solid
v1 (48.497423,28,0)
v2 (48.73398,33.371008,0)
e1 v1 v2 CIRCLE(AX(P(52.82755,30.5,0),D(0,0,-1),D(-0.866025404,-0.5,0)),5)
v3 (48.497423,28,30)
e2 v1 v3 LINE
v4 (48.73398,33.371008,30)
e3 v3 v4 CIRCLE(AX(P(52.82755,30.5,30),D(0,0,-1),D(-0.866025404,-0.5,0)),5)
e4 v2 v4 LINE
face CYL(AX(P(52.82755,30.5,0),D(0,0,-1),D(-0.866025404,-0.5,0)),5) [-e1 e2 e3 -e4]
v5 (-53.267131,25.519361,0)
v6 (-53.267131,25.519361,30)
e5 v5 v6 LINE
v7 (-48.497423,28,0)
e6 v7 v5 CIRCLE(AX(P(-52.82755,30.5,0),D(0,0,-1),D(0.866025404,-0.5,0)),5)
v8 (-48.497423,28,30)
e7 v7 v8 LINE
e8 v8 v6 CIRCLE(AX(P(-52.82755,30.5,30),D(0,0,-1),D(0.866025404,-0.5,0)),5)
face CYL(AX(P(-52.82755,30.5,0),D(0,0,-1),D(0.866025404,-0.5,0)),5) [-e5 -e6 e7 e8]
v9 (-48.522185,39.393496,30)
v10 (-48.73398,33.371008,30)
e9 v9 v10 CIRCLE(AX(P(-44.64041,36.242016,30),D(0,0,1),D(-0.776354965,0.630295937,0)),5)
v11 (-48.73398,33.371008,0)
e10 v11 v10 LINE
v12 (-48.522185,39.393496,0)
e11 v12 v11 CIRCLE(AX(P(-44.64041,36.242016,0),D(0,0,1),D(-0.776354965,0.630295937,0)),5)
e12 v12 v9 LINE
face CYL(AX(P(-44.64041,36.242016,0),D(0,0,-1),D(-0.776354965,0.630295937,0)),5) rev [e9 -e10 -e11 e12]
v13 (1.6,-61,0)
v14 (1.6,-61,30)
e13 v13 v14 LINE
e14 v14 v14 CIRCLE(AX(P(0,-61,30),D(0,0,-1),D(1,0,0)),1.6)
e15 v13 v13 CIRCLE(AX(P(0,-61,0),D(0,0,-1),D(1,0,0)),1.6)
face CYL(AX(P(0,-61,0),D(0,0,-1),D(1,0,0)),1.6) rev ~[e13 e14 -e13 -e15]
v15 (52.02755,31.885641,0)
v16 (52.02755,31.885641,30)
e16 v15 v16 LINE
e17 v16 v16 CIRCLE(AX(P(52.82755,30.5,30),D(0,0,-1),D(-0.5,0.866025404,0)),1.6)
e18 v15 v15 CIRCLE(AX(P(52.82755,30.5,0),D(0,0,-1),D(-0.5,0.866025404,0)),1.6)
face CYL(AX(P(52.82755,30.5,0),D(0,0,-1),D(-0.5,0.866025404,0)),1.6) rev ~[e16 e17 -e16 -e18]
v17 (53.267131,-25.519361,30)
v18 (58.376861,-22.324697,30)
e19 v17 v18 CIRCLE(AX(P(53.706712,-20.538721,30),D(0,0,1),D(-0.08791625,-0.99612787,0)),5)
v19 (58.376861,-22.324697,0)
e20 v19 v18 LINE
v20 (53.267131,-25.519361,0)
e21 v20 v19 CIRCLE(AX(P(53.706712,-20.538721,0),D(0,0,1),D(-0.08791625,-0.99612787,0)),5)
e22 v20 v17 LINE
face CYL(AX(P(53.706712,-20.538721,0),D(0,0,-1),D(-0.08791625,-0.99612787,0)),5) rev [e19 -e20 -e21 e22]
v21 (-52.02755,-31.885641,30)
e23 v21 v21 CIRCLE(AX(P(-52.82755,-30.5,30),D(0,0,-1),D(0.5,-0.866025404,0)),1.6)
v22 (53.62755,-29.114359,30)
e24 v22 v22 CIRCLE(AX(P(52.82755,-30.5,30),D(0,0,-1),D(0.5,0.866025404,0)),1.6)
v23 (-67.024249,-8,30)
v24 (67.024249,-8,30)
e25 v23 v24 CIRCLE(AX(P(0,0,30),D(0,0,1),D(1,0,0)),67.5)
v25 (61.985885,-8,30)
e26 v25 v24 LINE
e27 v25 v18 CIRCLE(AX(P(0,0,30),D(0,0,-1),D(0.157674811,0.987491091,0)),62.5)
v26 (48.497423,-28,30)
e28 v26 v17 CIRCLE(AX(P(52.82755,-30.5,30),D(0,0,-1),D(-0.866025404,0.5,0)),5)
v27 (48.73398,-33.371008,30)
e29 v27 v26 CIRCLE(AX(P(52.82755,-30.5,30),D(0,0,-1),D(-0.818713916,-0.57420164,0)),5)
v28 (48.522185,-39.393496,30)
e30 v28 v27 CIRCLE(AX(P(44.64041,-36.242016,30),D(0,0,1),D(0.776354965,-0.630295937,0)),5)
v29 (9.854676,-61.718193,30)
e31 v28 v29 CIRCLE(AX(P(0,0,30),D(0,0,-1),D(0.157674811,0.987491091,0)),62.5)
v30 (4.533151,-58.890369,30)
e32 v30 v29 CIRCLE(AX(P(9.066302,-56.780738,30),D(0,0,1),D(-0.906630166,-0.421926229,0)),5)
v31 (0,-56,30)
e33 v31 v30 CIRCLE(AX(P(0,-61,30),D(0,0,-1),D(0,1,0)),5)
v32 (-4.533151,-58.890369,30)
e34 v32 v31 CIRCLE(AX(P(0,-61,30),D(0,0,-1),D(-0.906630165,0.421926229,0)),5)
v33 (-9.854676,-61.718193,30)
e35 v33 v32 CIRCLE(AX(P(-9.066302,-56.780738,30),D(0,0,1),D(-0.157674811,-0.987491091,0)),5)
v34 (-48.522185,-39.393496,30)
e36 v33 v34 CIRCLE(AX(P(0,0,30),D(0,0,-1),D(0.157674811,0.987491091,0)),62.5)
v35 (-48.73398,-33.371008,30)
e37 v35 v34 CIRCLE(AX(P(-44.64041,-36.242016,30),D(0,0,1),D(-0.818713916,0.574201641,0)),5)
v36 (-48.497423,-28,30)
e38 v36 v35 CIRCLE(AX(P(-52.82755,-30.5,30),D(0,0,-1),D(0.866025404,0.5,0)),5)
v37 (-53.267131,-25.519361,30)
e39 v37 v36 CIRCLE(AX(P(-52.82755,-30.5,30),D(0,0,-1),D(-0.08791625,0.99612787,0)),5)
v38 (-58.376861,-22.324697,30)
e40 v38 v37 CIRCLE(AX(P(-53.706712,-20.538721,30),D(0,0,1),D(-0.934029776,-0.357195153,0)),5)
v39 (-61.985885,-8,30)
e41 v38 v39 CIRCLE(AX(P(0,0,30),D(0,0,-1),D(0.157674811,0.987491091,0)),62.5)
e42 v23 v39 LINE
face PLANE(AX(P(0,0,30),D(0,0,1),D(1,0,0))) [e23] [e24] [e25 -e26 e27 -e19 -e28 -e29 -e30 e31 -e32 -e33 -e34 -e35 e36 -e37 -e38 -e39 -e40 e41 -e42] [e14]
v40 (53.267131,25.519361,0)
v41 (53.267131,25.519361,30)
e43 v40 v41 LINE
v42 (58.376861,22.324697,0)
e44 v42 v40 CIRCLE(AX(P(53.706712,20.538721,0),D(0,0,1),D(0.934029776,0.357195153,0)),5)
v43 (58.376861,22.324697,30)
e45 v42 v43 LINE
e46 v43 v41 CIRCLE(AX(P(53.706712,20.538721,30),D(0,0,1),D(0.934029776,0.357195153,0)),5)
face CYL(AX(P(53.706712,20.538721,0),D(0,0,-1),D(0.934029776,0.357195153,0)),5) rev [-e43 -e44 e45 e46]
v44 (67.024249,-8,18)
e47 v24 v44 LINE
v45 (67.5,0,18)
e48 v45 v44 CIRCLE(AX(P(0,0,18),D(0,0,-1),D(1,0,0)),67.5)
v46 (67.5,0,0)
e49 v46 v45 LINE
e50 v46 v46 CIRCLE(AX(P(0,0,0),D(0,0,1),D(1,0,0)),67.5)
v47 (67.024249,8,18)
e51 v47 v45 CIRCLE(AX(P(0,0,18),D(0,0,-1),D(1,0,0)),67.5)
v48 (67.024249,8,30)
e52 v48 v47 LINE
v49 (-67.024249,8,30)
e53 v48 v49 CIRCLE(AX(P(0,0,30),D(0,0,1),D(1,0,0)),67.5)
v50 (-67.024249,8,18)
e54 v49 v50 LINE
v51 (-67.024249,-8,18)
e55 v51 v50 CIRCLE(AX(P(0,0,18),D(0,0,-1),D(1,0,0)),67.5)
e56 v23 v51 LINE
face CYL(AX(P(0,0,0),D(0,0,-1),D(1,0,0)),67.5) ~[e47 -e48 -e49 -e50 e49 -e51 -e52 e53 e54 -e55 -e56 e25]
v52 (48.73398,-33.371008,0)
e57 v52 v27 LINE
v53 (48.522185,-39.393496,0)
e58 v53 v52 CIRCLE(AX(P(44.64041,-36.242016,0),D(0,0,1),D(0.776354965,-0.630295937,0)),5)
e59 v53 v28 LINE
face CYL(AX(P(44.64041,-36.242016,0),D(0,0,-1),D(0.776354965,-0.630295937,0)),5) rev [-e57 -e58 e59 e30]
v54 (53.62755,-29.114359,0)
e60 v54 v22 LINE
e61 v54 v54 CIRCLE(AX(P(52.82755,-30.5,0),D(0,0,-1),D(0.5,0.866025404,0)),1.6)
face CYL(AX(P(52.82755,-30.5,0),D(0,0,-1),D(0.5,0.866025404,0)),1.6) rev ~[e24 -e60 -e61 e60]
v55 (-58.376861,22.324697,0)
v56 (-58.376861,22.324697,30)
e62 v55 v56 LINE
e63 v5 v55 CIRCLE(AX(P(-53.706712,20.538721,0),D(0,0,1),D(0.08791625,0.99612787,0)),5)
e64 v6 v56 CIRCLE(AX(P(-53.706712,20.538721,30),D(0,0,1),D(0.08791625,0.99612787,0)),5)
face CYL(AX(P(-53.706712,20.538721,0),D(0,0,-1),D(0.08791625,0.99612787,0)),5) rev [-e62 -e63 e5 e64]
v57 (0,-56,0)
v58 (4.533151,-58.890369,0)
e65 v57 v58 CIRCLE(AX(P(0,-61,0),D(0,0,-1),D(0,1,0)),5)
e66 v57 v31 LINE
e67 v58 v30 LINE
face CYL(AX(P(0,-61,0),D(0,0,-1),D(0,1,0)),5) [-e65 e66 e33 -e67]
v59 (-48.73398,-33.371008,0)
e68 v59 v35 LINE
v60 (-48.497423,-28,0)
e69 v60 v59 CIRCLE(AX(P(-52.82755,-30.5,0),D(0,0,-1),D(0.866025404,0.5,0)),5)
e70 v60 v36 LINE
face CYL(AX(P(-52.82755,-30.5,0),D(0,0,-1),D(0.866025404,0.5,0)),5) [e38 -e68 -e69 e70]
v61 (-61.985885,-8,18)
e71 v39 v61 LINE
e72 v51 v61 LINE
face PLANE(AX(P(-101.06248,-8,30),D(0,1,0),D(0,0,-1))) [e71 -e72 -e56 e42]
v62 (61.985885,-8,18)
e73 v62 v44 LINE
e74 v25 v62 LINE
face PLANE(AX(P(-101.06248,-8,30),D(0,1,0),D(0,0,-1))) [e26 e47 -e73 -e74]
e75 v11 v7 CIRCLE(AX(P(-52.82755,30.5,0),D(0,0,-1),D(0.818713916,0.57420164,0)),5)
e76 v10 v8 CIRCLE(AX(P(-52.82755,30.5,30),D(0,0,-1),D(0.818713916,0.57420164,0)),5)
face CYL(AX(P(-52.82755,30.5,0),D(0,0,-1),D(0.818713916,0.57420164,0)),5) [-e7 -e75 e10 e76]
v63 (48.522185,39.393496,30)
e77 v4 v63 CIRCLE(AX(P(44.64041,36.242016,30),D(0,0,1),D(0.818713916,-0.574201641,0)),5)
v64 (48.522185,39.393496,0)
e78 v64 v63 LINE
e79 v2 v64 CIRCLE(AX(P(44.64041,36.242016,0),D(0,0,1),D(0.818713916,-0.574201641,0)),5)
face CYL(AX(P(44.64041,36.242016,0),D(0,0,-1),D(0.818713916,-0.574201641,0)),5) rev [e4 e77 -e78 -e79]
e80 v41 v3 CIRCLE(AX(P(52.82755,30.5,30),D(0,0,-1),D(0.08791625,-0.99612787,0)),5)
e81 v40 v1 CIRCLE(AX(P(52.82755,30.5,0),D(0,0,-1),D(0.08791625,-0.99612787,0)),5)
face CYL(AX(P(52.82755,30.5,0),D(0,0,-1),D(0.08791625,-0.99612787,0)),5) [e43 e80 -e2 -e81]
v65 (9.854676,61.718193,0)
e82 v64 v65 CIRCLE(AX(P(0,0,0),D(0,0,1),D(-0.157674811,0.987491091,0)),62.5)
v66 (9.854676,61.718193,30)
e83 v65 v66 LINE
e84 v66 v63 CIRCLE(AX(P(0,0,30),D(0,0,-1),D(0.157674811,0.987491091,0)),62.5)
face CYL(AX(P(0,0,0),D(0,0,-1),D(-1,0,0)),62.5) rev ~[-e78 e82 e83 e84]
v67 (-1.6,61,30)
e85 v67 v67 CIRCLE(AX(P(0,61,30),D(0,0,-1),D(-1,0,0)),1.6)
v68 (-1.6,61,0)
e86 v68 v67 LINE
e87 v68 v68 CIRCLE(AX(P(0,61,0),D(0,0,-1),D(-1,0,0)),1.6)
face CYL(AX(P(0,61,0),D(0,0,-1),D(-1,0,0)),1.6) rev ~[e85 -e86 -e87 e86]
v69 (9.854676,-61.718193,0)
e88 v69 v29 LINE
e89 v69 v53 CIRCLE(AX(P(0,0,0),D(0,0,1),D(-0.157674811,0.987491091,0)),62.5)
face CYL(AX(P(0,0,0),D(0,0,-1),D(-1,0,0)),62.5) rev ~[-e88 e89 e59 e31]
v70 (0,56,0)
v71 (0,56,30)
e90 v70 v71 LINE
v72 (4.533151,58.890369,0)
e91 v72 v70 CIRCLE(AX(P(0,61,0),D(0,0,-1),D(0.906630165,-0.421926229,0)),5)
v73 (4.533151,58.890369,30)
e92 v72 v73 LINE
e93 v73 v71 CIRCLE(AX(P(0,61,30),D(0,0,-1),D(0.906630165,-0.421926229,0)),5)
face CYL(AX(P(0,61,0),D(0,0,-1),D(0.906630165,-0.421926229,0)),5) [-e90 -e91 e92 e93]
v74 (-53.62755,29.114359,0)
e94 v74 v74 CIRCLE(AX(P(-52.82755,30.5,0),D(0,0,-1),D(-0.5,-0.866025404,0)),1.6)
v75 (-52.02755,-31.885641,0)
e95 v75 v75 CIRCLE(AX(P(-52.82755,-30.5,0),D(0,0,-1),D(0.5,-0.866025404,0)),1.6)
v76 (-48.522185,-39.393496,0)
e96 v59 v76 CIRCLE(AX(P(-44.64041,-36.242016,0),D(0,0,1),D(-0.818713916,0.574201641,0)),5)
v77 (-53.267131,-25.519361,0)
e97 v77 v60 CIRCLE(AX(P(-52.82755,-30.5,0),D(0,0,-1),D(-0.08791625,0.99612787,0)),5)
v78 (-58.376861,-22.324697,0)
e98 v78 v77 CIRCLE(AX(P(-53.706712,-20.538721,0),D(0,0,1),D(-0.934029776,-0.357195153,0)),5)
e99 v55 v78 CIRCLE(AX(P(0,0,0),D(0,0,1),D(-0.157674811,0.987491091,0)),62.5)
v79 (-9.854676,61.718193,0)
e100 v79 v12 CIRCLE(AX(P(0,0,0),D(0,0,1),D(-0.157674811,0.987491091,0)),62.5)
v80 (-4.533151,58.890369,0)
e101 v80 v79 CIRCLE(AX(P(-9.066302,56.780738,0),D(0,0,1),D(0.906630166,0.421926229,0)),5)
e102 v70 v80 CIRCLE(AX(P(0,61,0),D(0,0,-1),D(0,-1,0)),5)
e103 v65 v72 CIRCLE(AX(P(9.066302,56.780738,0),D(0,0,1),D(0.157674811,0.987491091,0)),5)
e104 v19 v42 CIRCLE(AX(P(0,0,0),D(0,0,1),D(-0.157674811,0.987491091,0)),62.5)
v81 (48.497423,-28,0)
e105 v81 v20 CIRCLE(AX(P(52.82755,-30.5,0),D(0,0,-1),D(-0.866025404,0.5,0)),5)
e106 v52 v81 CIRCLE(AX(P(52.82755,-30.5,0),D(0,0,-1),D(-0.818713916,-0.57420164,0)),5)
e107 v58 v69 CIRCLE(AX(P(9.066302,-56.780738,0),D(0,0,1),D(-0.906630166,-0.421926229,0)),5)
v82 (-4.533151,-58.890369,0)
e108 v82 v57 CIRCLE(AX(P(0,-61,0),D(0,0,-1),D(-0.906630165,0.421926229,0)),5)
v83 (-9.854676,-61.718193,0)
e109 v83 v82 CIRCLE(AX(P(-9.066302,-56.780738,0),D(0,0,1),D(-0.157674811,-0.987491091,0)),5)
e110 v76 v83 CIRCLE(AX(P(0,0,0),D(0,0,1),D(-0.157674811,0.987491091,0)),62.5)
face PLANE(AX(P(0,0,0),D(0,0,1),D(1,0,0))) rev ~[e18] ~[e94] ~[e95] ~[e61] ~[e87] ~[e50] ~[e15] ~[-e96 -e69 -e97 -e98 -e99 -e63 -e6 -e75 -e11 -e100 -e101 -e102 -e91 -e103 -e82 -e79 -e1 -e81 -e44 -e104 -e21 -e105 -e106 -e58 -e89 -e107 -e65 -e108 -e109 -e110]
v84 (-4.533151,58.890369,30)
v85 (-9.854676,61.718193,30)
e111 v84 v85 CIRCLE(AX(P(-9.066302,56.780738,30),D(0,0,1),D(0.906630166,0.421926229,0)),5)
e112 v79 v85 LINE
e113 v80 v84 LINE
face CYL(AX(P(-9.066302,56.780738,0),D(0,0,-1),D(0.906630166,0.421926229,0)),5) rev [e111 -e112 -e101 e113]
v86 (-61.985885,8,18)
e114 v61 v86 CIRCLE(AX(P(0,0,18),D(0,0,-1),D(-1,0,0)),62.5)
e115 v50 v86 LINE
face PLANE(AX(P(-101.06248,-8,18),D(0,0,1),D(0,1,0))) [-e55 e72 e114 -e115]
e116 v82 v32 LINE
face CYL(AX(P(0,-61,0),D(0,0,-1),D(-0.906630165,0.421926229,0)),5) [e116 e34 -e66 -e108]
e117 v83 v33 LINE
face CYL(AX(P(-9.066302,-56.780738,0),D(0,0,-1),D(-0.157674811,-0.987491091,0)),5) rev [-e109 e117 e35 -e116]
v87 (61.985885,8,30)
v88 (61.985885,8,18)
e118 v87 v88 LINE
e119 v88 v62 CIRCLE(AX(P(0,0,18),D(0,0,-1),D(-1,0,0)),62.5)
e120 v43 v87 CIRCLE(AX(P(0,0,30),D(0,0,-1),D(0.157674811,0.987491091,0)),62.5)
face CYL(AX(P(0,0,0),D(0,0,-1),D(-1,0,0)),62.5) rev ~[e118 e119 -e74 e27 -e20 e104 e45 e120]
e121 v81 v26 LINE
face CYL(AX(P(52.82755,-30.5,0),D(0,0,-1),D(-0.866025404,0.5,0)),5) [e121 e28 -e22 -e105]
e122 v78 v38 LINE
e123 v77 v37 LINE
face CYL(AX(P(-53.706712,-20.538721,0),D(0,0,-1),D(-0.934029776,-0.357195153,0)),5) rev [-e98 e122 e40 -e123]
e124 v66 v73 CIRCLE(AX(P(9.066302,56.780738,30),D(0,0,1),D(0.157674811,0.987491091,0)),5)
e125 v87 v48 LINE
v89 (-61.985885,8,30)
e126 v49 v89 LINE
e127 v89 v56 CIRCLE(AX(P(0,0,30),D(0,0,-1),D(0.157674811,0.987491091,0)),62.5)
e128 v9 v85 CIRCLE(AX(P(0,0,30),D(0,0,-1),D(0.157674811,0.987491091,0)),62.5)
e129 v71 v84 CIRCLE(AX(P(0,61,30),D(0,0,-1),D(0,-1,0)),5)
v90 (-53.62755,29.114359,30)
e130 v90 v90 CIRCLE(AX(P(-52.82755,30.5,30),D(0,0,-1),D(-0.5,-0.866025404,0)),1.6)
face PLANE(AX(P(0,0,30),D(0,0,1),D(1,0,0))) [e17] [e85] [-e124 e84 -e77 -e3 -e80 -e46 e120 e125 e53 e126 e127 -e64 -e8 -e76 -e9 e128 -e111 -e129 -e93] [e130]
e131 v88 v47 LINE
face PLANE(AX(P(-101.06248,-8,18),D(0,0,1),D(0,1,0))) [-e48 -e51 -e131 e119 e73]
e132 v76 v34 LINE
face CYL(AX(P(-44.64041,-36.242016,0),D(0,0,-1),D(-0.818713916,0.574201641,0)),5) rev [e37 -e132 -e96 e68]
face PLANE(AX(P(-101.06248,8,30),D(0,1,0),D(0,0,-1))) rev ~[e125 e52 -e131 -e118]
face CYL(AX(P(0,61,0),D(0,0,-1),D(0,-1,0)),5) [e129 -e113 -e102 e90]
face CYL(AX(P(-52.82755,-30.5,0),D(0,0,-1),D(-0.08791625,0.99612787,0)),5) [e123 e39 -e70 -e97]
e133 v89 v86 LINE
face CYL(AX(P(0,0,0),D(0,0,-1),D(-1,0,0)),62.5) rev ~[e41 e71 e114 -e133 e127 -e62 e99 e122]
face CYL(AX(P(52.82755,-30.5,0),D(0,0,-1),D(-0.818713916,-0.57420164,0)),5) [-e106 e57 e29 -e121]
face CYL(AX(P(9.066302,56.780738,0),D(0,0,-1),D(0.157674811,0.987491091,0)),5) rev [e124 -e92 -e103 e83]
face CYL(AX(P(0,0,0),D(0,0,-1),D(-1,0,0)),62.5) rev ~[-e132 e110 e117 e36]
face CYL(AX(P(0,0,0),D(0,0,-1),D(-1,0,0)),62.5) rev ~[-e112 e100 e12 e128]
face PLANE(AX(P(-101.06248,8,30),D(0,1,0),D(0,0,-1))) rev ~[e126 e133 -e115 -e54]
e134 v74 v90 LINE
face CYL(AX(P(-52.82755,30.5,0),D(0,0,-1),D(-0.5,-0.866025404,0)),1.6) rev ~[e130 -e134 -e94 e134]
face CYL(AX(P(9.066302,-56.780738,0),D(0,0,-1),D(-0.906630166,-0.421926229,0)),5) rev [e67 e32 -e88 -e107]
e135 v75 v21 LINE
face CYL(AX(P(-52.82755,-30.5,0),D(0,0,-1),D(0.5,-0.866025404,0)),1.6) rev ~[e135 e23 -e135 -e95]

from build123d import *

# Parameters (mm, degrees)
ESQUISSE1_R                  = 67.5
BOSS_EXTRU_1_DEPTH           = 30
ESQUISSE3_R                  = 62.5
ENL_V_MAT_EXTRU_1_DEPTH      = 101.062480481
BOSS_EXTRU_2_DEPTH           = 30
ESQUISSE5_R                  = 1.6
ENL_V_MAT_EXTRU_2_DEPTH      = 120
R_P_TITION_CIRCULAIRE1_COUNT = 6
ENL_V_MAT_EXTRU_3_DEPTH      = 101.062480481
ENL_V_MAT_EXTRU_3_DEPTH_BACK = 101.062480481
ESQUISSE7_W                  = 12
ESQUISSE7_H                  = 16


with BuildPart() as part:
    # Esquisse1 → Boss.-Extru.1 (new body)
    with BuildSketch(Plane.XY):
        Circle(ESQUISSE1_R)
    extrude(amount=BOSS_EXTRU_1_DEPTH)

    # Esquisse3 → Enlèv. mat.-Extru.1 (cut, through all)
    with BuildSketch(Plane(origin=(0, 0, 0), x_dir=(-1, 0, 0), z_dir=(0, 0, -1))):
        Circle(ESQUISSE3_R)
    extrude(amount=-ENL_V_MAT_EXTRU_1_DEPTH, mode=Mode.SUBTRACT)

    # Esquisse4 → Boss.-Extru.2 (add)
    with BuildSketch(Plane(origin=(0, 0, 0), x_dir=(-1, 0, 0), z_dir=(0, 0, -1))):
        with BuildLine():
            ThreePointArc((-9.854675711, 61.718193158), (-6.72003103, 61.196053567), (-4.533150827, 58.890368852))
            ThreePointArc((-4.533150827, 58.890368852), (-2.688107537, 56.784068564), (0, 56))
            ThreePointArc((0, 56), (2.688107537, 56.784068564), (4.533150827, 58.890368852))
            ThreePointArc((4.533150827, 58.890368852), (6.72003103, 61.196053567), (9.854675711, 61.718193158))
            ThreePointArc((9.854675711, 61.718193158), (0, 62.5), (-9.854675711, 61.718193158))
        make_face()
    boss_extru_2 = extrude(amount=-BOSS_EXTRU_2_DEPTH)

    # Esquisse5 → Enlèv. mat.-Extru.2 (cut)
    with BuildSketch(Plane(origin=(0, 0, 0), x_dir=(-1, 0, 0), z_dir=(0, 0, -1))):
        with Locations((0, 61)):
            Circle(ESQUISSE5_R)
    enl_v_mat_extru_2 = extrude(amount=-ENL_V_MAT_EXTRU_2_DEPTH, mode=Mode.SUBTRACT)

    # Répétition circulaire1: Boss.-Extru.2, Enlèv. mat.-Extru.2 ×6 about axis
    r_p_tition_circulaire1_axis = Axis((0, 0, 0), (0, 0, 1))
    add([boss_extru_2.rotate(r_p_tition_circulaire1_axis, i * 360 / R_P_TITION_CIRCULAIRE1_COUNT) for i in range(1, R_P_TITION_CIRCULAIRE1_COUNT)])
    add([enl_v_mat_extru_2.rotate(r_p_tition_circulaire1_axis, i * 360 / R_P_TITION_CIRCULAIRE1_COUNT) for i in range(1, R_P_TITION_CIRCULAIRE1_COUNT)], mode=Mode.SUBTRACT)

    # Esquisse7 → Enlèv. mat.-Extru.3 (cut, two sides: drawn at the far end of the back side and taken through both)
    with BuildSketch(Plane(origin=(0, 0, 0), x_dir=(0, 0, -1), z_dir=(1, 0, 0)).offset(-ENL_V_MAT_EXTRU_3_DEPTH_BACK)):
        with Locations((-24, 0)):
            Rectangle(ESQUISSE7_W, ESQUISSE7_H)
    extrude(amount=ENL_V_MAT_EXTRU_3_DEPTH + ENL_V_MAT_EXTRU_3_DEPTH_BACK, mode=Mode.SUBTRACT)


solid = part.part
